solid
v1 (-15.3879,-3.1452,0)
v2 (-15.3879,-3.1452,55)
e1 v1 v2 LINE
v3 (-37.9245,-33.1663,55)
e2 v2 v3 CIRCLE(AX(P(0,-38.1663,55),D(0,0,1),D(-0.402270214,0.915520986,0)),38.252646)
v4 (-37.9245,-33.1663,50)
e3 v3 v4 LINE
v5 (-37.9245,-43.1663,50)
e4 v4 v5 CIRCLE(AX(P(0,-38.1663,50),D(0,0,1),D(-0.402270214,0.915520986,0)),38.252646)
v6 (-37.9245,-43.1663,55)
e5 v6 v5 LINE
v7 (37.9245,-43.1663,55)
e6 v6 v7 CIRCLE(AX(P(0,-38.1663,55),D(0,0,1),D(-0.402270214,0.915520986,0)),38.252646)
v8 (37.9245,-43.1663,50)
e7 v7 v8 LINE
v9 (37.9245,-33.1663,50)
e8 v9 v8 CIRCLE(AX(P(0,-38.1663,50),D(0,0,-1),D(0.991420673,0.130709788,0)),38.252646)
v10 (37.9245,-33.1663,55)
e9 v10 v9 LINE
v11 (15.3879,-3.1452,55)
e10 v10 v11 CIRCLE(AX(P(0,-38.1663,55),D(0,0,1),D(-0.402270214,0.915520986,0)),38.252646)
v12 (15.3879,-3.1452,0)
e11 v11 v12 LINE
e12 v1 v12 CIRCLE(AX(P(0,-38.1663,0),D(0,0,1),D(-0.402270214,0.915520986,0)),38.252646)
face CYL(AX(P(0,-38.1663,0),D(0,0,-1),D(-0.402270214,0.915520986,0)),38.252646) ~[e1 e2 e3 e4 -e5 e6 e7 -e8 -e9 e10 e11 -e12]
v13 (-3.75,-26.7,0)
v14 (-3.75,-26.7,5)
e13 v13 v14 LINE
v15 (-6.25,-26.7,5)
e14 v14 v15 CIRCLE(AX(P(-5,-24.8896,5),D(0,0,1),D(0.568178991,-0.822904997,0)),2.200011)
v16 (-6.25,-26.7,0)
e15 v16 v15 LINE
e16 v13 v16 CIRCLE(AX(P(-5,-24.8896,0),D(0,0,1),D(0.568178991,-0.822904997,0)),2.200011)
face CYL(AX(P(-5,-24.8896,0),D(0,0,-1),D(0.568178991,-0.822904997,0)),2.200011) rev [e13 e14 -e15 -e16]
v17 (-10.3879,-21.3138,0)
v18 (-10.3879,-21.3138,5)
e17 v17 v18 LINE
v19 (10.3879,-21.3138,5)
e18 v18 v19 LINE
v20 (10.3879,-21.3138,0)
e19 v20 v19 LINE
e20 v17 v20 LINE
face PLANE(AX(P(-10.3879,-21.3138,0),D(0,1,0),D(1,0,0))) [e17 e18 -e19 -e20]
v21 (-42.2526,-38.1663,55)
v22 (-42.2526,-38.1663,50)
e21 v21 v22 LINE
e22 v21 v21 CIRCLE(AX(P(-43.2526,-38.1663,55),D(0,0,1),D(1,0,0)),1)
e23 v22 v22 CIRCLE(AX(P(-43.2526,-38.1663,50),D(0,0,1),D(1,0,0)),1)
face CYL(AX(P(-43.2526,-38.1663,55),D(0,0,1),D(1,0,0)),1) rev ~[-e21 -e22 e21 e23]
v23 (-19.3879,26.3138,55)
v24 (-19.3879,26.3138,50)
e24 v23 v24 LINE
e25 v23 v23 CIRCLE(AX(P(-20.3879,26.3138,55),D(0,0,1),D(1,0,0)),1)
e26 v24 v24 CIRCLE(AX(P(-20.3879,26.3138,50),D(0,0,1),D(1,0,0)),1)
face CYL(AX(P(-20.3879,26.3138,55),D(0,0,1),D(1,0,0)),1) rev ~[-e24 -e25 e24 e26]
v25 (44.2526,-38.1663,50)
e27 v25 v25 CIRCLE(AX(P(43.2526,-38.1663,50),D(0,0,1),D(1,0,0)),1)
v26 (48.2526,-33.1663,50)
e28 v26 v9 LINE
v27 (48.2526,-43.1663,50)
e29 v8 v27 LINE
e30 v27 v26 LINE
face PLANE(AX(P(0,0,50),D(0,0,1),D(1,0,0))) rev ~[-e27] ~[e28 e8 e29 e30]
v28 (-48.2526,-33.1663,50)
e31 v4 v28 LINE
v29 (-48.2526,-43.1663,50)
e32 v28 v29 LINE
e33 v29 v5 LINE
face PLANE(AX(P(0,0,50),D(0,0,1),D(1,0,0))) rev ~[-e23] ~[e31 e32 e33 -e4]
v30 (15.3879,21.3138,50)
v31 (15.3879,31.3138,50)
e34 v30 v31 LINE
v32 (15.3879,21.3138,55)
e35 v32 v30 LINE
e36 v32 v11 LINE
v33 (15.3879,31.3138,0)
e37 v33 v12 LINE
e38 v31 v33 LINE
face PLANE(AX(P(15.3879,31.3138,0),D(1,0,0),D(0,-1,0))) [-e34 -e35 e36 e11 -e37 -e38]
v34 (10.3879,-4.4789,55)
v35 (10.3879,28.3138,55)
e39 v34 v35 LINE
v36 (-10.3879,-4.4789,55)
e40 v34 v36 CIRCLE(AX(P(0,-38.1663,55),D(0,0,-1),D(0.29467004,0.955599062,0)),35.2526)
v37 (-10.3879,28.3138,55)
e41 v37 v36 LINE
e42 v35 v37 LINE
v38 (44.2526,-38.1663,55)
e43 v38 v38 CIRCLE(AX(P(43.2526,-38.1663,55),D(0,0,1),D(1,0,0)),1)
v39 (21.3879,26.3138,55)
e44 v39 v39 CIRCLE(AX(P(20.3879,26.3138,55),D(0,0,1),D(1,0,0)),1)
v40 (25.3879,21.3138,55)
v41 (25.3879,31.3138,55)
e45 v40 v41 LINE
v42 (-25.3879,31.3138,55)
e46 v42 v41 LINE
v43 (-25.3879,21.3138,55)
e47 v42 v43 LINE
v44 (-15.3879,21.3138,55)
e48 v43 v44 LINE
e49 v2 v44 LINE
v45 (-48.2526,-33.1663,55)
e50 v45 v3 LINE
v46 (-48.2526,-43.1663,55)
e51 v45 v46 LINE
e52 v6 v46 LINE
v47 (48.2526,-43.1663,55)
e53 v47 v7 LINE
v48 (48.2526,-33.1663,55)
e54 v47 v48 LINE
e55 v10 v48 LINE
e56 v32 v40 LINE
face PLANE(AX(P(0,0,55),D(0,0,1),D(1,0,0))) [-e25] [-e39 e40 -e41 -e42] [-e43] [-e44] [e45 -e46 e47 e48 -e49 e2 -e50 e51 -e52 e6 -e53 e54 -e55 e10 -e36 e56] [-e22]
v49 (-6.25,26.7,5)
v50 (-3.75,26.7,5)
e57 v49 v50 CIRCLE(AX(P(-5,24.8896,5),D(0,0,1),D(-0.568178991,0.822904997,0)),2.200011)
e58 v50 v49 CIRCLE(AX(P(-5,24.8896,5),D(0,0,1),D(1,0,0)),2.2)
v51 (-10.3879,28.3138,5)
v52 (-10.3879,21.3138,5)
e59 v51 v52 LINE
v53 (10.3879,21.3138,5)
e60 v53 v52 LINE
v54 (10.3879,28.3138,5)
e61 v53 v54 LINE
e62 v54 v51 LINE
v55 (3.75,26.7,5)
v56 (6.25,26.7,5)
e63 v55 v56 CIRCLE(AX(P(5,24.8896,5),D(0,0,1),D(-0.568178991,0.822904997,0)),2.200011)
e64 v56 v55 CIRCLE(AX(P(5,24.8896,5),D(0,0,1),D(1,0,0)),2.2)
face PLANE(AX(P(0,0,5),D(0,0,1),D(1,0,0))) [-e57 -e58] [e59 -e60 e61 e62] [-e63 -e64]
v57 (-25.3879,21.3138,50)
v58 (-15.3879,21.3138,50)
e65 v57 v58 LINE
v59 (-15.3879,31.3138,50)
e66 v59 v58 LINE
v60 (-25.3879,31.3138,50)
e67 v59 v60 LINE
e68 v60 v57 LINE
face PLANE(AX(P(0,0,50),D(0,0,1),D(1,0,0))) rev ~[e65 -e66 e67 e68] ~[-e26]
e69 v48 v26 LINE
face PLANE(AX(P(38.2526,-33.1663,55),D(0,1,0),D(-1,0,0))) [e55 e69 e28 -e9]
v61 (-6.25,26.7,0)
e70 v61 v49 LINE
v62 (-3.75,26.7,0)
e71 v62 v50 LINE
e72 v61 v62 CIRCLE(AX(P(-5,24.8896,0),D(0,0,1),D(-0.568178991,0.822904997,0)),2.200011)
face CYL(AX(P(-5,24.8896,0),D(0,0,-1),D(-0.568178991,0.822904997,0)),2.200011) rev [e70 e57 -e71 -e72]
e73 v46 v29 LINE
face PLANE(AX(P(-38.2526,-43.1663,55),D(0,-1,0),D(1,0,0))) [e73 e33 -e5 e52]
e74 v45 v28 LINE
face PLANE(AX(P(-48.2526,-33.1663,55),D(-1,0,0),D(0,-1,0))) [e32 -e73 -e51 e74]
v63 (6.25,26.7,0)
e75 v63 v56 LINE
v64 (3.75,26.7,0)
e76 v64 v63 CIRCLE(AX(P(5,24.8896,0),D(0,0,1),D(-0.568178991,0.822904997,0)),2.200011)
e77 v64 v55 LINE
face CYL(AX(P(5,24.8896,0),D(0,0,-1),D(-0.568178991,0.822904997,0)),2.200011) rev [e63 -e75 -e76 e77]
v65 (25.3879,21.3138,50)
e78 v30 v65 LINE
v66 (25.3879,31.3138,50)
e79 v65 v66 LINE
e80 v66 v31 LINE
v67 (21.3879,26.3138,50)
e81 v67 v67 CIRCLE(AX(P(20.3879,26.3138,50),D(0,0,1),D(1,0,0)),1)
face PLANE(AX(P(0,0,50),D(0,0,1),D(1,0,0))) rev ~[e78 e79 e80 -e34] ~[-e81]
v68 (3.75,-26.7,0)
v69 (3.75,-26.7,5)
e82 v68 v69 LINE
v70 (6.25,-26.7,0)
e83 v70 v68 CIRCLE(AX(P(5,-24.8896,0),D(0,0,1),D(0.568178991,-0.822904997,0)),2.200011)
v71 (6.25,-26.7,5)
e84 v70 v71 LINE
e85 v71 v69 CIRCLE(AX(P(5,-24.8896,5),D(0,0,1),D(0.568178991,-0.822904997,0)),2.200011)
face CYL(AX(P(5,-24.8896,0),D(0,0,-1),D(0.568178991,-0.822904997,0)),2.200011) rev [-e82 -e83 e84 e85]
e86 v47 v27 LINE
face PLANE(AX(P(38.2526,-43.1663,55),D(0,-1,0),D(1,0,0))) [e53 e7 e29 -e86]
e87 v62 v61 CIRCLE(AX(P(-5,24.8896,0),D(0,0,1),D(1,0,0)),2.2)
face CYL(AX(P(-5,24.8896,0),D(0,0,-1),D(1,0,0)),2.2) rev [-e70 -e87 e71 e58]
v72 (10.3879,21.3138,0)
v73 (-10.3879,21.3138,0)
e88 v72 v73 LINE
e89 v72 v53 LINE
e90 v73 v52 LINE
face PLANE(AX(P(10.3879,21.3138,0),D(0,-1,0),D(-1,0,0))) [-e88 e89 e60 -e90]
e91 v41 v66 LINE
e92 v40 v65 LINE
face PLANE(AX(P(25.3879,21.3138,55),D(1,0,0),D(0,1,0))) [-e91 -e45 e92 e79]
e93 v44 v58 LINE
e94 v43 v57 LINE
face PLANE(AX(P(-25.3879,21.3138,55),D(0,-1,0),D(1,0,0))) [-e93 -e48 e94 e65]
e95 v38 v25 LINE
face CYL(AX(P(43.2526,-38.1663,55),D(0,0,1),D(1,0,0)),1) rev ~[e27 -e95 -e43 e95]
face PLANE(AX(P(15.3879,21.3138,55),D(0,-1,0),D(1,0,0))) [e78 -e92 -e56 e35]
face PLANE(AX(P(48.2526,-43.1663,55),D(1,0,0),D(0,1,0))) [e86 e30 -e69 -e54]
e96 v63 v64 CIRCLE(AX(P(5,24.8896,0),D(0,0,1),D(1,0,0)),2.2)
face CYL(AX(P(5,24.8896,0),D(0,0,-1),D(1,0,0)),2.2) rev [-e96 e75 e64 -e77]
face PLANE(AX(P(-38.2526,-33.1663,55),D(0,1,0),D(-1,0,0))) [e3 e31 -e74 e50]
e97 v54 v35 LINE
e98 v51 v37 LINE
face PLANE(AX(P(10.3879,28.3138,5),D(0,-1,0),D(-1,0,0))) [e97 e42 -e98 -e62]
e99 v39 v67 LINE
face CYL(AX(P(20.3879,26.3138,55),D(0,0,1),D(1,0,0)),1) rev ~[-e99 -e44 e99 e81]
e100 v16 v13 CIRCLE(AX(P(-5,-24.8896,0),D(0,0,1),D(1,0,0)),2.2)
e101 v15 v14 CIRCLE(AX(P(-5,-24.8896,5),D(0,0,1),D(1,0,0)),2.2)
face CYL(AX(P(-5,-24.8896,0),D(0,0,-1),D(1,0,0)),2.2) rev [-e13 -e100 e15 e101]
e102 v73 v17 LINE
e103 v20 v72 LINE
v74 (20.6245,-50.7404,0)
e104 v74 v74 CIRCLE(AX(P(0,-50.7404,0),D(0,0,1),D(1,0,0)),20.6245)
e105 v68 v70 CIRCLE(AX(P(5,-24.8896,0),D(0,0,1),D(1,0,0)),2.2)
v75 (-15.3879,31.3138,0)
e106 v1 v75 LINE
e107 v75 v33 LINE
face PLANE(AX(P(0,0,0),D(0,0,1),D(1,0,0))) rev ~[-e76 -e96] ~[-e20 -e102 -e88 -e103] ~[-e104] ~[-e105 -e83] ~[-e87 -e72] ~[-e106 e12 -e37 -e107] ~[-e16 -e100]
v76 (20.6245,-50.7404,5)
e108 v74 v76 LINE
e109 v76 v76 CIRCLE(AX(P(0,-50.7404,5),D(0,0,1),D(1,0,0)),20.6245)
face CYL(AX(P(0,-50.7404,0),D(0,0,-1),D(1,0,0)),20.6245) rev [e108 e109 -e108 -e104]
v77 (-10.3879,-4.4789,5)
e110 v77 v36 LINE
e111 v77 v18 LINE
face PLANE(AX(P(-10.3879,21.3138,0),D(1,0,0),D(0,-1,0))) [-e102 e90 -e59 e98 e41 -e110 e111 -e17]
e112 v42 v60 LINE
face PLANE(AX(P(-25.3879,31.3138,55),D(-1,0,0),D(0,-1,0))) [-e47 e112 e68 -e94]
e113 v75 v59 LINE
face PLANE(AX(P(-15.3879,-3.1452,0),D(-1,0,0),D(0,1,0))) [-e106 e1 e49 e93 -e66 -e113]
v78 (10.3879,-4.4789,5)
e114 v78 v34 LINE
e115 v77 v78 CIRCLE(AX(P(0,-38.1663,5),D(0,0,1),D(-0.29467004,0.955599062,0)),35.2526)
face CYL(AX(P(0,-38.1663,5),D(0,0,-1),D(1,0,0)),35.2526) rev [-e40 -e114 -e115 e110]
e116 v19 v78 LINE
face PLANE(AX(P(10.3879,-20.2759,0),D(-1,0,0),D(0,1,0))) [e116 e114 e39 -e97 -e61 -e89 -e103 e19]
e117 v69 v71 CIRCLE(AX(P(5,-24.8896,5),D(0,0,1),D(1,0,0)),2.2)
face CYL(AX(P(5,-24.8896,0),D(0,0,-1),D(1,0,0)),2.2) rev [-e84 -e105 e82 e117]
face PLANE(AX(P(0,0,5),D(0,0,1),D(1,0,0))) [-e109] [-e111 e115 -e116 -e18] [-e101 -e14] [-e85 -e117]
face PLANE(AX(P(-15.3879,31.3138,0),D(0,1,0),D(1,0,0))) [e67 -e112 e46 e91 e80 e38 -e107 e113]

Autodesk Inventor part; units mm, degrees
ref_plane "YZ Plane" through (0, 0, 0) normal (1, 0, 0) x (0, 1, 0)
ref_plane "XZ Plane" through (0, 0, 0) normal (0, 1, 0) x (-1, 0, 0)
ref_plane "XY Plane" through (0, 0, 0) normal (0, 0, 1) x (1, 0, 0)
ref_plane "Work Plane1" through (0, 0, 0) normal (0, 0, 1) x (1, 0, 0)
sketch "Sketch1" plane through (0, 0, 0) normal (0, 0, 1) x (1, 0, 0)
  line L0 (10.3879, -20.2759) -> (10.3879, 20.2759)
  line L1 (-9.35, -21.3138) -> (9.35, -21.3138)
  line L2 (-10.3879, -21.3138) -> (10.3879, -21.3138)
  line L3 (10.3879, -21.3138) -> (10.3879, 21.3138)
  line L4 (10.3879, 21.3138) -> (-10.3879, 21.3138)
  line L5 (-10.3879, 21.3138) -> (-10.3879, -21.3138)
  line L6 (-10.3879, -21.3138) -> (10.3879, 21.3138) construction
  line L7 (10.3879, -21.3138) -> (-10.3879, 21.3138) construction
  line L8 (-15.3879, 31.3138) -> (15.3879, 31.3138)
  arc A0 (-6.25, 26.7) -> (-3.75, 26.7) centre (-5, 24.8896) ccw projected
  arc A1 (3.75, 26.7) -> (6.25, 26.7) centre (5, 24.8896) ccw projected
  arc A2 (-3.75, -26.7) -> (-6.25, -26.7) centre (-5, -24.8896) ccw projected
  arc A3 (6.25, -26.7) -> (3.75, -26.7) centre (5, -24.8896) ccw projected
  circle A4 centre (-5, 24.8896) radius 2.2
  circle A5 centre (5, 24.8896) radius 2.2
  circle A6 centre (-5, -24.8896) radius 2.2
  circle A7 centre (5, -24.8896) radius 2.2
  circle A8 centre (0, -50.7404) radius 20.6245
  arc A9 (-15.3879, -3.1452) -> (15.3879, -3.1452) centre (0, -38.1663) ccw
  arc A10 (0.0421, 0.0864) -> (-0.0421, 0.0864) centre (0, -38.1663) ccw
  line L9 (15.3879, 31.3138) -> (15.3879, -3.1452)
  line L10 (-15.3879, -3.1452) -> (-15.3879, 31.3138)
  point P0 (0, 0)
  dimension "d0" = 10.3879
  dimension "d5" = 10
extrude "Extrusion1" add sketch "Sketch1" along normal blind 5
sketch "Sketch2" plane through (0, 0, 5) normal (0, 0, 1) x (1, 0, 0)
  arc A0 (-15.3879, -3.1452) -> (15.3879, -3.1452) centre (0, -38.1663) ccw projected
  arc A1 (-15.3879, -3.1452) -> (15.3879, -3.1452) centre (0, -38.1663) ccw
  circle A2 centre (-5, -24.8896) radius 2.2 projected
  circle A3 centre (5, -24.8896) radius 2.2 projected
  circle A4 centre (0, -50.7404) radius 20.6245 projected
  line L0 (-10.3879, -21.3138) -> (-10.3879, 21.3138) projected
  line L1 (10.3879, 21.3138) -> (10.3879, -21.3138) projected
  line L2 (10.3879, -21.3138) -> (-10.3879, -21.3138) projected
  line L3 (10.3879, -4.4789) -> (10.3879, -1.3511)
  line L4 (-10.3879, -1.3511) -> (-10.3879, -4.4789)
  line L5 (-15.3879, 31.3138) -> (15.3879, 31.3138)
  line L6 (15.3879, 31.3138) -> (15.3879, -3.1452)
  line L7 (-15.3879, -3.1452) -> (-15.3879, 31.3138)
  line L8 (10.3879, -4.4789) -> (10.3879, 21.3138)
  line L9 (-10.3879, 21.3138) -> (-10.3879, -4.4789)
  circle A5 centre (-5, 24.8896) radius 2.2 projected
  circle A6 centre (5, 24.8896) radius 2.2 projected
  circle A7 centre (0, -38.1663) radius 35.2526
  line L10 (10.3879, -4.4789) -> (10.3879, 28.3138)
  line L11 (10.3879, 28.3138) -> (-10.3879, 28.3138)
  line L12 (-10.3879, 28.3138) -> (-10.3879, -4.4789)
  point P0 (0, 0)
  dimension "d8" = 3
  dimension "d9" = 3
extrude "Extrusion2" add sketch "Sketch2" along normal blind 50 contours L7 L5 L6 A0
sketch "Sketch3" plane through (0, 0, 55) normal (0, 0, 1) x (1, 0, 0)
  line L0 (-15.3879, 31.3138) -> (-25.3879, 31.3138)
  line L1 (-25.3879, 31.3138) -> (-25.3879, 21.3138)
  line L2 (-25.3879, 21.3138) -> (-15.3879, 21.3138)
  line L3 (-15.3879, 31.3138) -> (-15.3879, -3.1452) projected
  line L4 (15.3879, 21.3138) -> (25.3879, 21.3138)
  line L5 (15.3879, -3.1452) -> (15.3879, 31.3138)
  line L6 (25.3879, 21.3138) -> (25.3879, 31.3138)
  line L7 (25.3879, 31.3138) -> (15.3879, 31.3138)
  arc A0 (-15.3879, -3.1452) -> (15.3879, -3.1452) centre (0, -38.1663) ccw projected
  line L8 (-25.3879, 31.3138) -> (-15.3879, 31.3138)
  line L9 (-15.3879, 31.3138) -> (-15.3879, 21.3138)
  line L10 (-15.3879, 21.3138) -> (-25.3879, 21.3138)
  line L11 (-25.3879, 21.3138) -> (-25.3879, 31.3138)
  line L12 (15.3879, 31.3138) -> (25.3879, 31.3138)
  line L13 (25.3879, 31.3138) -> (25.3879, 21.3138)
  line L14 (25.3879, 21.3138) -> (15.3879, 21.3138)
  line L15 (15.3879, 21.3138) -> (15.3879, 31.3138)
  circle A1 centre (-20.3879, 26.3138) radius 1
  circle A2 centre (20.3879, 26.3138) radius 1
  line L16 (-37.9245, -33.1663) -> (-48.2526, -33.1663)
  line L17 (-48.2526, -33.1663) -> (-48.2526, -43.1663)
  line L18 (-48.2526, -43.1663) -> (-37.9245, -43.1663)
  line L19 (-28.2526, -33.1663) -> (-48.2526, -43.1663) construction
  line L20 (-48.2526, -33.1663) -> (-28.2526, -43.1663) construction
  line L21 (-48.2526, -43.1663) -> (-38.2526, -43.1663)
  line L22 (-38.2526, -33.1663) -> (-48.2526, -33.1663)
  line L23 (-48.2526, -33.1663) -> (-48.2526, -43.1663)
  circle A3 centre (-43.2526, -38.1663) radius 1
  line L24 (48.2526, -33.1663) -> (37.9245, -33.1663)
  line L25 (37.9245, -43.1663) -> (48.2526, -43.1663)
  line L26 (48.2526, -43.1663) -> (48.2526, -33.1663)
  line L27 (48.2526, -33.1663) -> (28.2526, -43.1663) construction
  line L28 (28.2526, -33.1663) -> (48.2526, -43.1663) construction
  line L29 (48.2526, -43.1663) -> (38.2526, -43.1663)
  line L30 (38.2526, -33.1663) -> (48.2526, -33.1663)
  line L31 (48.2526, -33.1663) -> (48.2526, -43.1663)
  circle A4 centre (43.2526, -38.1663) radius 1
  circle A5 centre (0, -38.1663) radius 38.2526
  point P0 (0, 0)
  dimension "d14" = 20
  dimension "d15" = 10
  dimension "d16" = 2
  dimension "d18" = 10
  dimension "d19" = 2
extrude "Extrusion4" add sketch "Sketch3" against normal blind 5 contours L3 L2 L1 L0 | L5 L7 L6 L4 | A0 L18 L17 L16 | L24 L26 L25 A0
properties part number "Neck"
